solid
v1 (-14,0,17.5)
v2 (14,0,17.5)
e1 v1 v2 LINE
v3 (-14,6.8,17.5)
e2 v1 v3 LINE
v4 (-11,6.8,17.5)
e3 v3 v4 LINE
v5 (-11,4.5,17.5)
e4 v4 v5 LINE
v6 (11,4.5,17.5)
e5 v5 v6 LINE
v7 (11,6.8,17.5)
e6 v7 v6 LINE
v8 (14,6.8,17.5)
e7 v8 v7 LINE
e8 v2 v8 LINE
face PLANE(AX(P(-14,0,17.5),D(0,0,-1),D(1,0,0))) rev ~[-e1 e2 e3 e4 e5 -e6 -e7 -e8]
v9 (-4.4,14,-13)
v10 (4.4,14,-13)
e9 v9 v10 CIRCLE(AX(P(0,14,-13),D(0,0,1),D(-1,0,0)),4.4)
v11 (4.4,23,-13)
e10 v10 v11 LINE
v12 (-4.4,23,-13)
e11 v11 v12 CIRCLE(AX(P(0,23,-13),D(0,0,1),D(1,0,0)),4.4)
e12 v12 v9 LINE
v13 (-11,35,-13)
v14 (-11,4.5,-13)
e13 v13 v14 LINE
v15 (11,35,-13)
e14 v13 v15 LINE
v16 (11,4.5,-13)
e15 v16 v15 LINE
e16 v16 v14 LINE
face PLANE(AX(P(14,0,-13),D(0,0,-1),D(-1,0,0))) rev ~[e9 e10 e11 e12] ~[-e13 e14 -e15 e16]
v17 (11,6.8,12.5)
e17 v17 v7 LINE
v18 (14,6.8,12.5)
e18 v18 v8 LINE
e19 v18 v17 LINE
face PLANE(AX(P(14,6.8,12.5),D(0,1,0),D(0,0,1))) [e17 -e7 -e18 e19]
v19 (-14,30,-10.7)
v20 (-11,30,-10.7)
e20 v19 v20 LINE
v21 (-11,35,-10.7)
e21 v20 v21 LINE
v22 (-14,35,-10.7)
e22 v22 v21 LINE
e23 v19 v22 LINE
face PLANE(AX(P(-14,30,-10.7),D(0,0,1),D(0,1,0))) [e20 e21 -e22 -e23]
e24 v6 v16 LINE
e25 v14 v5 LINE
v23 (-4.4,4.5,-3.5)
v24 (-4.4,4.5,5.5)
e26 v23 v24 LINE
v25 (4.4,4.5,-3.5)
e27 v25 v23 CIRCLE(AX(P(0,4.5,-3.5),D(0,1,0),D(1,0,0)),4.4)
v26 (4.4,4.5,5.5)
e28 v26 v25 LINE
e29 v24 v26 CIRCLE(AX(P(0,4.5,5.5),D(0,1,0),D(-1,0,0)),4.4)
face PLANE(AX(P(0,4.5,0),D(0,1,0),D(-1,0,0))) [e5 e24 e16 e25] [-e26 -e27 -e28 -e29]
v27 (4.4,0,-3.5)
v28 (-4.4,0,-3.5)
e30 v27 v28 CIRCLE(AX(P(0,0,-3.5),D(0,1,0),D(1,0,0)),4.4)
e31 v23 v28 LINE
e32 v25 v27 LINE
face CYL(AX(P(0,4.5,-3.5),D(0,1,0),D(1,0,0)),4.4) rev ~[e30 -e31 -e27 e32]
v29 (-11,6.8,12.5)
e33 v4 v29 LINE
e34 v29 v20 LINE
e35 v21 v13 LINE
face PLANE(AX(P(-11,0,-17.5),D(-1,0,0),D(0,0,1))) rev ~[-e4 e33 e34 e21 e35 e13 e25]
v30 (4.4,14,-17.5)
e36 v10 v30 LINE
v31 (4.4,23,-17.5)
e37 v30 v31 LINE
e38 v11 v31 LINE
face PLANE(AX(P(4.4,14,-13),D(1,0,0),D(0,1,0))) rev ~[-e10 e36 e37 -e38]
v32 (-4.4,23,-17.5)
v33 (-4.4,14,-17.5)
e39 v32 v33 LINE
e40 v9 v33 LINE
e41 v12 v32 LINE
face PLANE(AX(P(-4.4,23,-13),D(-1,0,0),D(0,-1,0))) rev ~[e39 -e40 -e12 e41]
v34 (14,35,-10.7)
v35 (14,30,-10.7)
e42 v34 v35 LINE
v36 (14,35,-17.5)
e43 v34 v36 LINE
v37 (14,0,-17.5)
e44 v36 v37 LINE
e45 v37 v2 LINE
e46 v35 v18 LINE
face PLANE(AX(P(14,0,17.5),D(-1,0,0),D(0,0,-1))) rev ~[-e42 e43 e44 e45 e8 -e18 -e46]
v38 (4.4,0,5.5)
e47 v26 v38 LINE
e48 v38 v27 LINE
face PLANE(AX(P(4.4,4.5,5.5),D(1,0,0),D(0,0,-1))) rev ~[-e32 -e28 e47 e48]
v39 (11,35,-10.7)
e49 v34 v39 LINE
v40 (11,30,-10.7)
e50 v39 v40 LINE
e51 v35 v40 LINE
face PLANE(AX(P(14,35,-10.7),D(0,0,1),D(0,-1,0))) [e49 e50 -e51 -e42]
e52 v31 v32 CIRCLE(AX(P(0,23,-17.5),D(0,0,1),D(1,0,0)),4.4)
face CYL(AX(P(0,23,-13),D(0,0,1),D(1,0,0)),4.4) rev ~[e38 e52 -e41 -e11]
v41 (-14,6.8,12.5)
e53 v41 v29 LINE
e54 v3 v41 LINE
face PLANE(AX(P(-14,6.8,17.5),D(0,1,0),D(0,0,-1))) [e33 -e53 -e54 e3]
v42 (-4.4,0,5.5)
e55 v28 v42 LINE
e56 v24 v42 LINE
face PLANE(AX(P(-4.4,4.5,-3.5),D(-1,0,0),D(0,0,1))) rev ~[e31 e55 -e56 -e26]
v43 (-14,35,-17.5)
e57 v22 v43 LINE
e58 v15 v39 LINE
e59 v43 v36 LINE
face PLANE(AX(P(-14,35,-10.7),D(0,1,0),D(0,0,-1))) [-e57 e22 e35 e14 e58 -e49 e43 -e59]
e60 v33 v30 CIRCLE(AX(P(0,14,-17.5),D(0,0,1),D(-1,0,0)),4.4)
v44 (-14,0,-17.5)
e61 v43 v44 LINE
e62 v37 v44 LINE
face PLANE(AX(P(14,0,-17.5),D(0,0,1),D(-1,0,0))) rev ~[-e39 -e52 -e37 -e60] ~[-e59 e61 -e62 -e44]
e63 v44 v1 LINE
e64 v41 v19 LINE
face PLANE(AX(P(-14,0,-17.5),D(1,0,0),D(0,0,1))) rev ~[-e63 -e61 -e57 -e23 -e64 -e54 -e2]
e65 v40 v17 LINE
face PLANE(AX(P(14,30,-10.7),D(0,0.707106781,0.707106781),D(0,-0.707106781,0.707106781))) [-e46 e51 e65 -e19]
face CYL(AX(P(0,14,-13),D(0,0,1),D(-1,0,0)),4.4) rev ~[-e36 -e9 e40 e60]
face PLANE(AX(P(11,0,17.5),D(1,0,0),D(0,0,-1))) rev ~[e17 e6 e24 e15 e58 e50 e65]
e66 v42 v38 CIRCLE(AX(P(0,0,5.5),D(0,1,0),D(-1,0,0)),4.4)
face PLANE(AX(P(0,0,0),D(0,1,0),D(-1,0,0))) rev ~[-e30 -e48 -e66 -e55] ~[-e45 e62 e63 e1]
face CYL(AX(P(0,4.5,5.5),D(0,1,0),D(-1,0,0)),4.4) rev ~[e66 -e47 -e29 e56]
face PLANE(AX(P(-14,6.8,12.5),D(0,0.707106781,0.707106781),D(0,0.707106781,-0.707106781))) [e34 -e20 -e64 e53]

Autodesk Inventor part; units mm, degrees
ref_plane "YZ Plane" through (0, 0, 0) normal (1, 0, 0) x (0, 1, 0)
ref_plane "XZ Plane" through (0, 0, 0) normal (0, 1, 0) x (-1, 0, 0)
ref_plane "XY Plane" through (0, 0, 0) normal (0, 0, 1) x (1, 0, 0)
sketch "Sketch1" plane through (0, 0, 0) normal (0, 1, 0) x (-1, 0, 0)
  line L0 (14, 17.5) -> (-14, 17.5)
  line L1 (-14, 17.5) -> (-14, -17.5)
  line L2 (-14, -17.5) -> (14, -17.5)
  line L3 (14, -17.5) -> (14, 17.5)
  point P0 (0, 0)
  dimension "d0" = 35
  dimension "d1" = 28
  dimension "d2" = 14
  dimension "d3" = 17.5
extrude "Extrusion1" add sketch "Sketch1" along normal blind 4.5
sketch "Sketch2" plane through (14, 0, 17.5) normal (1, 0, 0) x (0, 0, -1)
  line L0 (0, 0) -> (35, 0) projected
  line L1 (35, 0) -> (35, 4.5) projected
  line L2 (0, 4.5) -> (35, 4.5) projected
  line L3 (0, 0) -> (0, 4.5) projected
  line L4 (35, 0) -> (35, 35)
  line L5 (35, 35) -> (28.2, 35)
  line L6 (28.2, 35) -> (28.2, 30)
  line L7 (28.2, 30) -> (5, 6.8)
  line L8 (5, 6.8) -> (0, 6.8)
  line L9 (0, 0) -> (35, 0) projected
  line L10 (0, 6.8) -> (0, 0)
  point P0 (17.5, 0)
  point P1 (0, 4.5)
  dimension "d6" = 6.8
  dimension "d7" = 5
extrude "Extrusion2" add sketch "Sketch2" against normal blind 3 contours L10 L8 L7 L6 L5 L4 L2
sketch "Sketch3" plane through (-14, 0, -17.5) normal (-1, 0, 0) x (0, 0, 1)
  line L0 (35, 4.5) -> (35, 6.8) projected
  line L1 (35, 6.8) -> (30, 6.8) projected
  line L2 (30, 6.8) -> (6.8, 30) projected
  line L3 (6.8, 30) -> (6.8, 35) projected
  line L4 (6.8, 35) -> (0, 35) projected
  line L5 (0, 35) -> (0, 4.5) projected
  line L6 (35, 4.5) -> (0, 4.5) projected
  line L7 (0, 0) -> (35, 0) projected
  line L8 (35, 0) -> (35, 4.5) projected
  line L9 (0, 4.5) -> (35, 4.5) projected
  line L10 (0, 0) -> (0, 4.5) projected
  point P0 (17.5, 0)
  point P1 (0, 4.5)
extrude "Extrusion3" add sketch "Sketch3" against normal blind 3
sketch "Sketch4" plane through (14, 0, -17.5) normal (0, 0, -1) x (-1, 0, 0)
  line L0 (3, 4.5) -> (25, 4.5) projected
  line L1 (3, 35) -> (3, 4.5) projected
  line L2 (0, 35) -> (3, 35) projected
  line L3 (0, 0) -> (0, 35) projected
  line L4 (0, 0) -> (28, 0) projected
  line L5 (28, 0) -> (28, 35) projected
  line L6 (28, 35) -> (25, 35) projected
  line L7 (25, 4.5) -> (25, 35) projected
  line L8 (0, 35) -> (3, 35) projected
  line L9 (28, 30) -> (28, 35) projected
  line L10 (0, 35) -> (28, 35)
  point P0 (14, 0)
  point P1 (25, 35)
extrude "Extrusion4" add sketch "Sketch4" against normal blind 4.5
sketch "Sketch5" plane through (0, 4.5, 0) normal (0, 1, 0) x (1, 0, 0)
  line L0 (14, -17.5) -> (14, 17.5) projected
  line L1 (-14, -17.5) -> (14, -17.5) projected
  line L2 (-14, 17.5) -> (-14, -17.5) projected
  line L3 (14, 17.5) -> (-14, 17.5) projected
  line L4 (11, 13) -> (-11, 13) projected
  line L5 (-11, 13) -> (-11, -17.5) projected
  line L6 (-11, -17.5) -> (11, -17.5) projected
  line L7 (11, -17.5) -> (11, 13) projected
  line L8 (0, 3.5) -> (0, -5.5) construction
  line L9 (-4.4, 3.5) -> (-4.4, -5.5)
  line L10 (4.4, -5.5) -> (4.4, 3.5)
  arc A0 (4.4, 3.5) -> (-4.4, 3.5) centre (0, 3.5) ccw
  arc A1 (-4.4, -5.5) -> (4.4, -5.5) centre (0, -5.5) ccw
  point P0 (0, 0)
  point P1 (0, -1)
  dimension "d14" = 14
  dimension "d15" = 9
  dimension "d16" = 8.8
extrude "Extrusion5" cut sketch "Sketch5" against normal through all contours A0 L10 A1 L9
sketch "Sketch6" plane through (14, 0, -13) normal (0, 0, 1) x (1, 0, 0)
  line L0 (-14, 23) -> (-14, 14) construction
  line L1 (-18.4, 23) -> (-18.4, 14)
  line L2 (-9.6, 14) -> (-9.6, 23)
  arc A0 (-9.6, 23) -> (-18.4, 23) centre (-14, 23) ccw
  arc A1 (-18.4, 14) -> (-9.6, 14) centre (-14, 14) ccw
  line L3 (-28, 0) -> (0, 0) projected
  line L4 (-14, 7.4113) -> (0, 7.4113) construction
  line L5 (0, 30) -> (0, 6.8) projected
  point P0 (-14, 0)
  point P1 (-14, 18.5)
  dimension "d19" = 9
  dimension "d20" = 8.8
  dimension "d21" = 14
  dimension "d22" = 14
extrude "Extrusion6" cut sketch "Sketch6" against normal blind 10
properties part number "3030_angle"
